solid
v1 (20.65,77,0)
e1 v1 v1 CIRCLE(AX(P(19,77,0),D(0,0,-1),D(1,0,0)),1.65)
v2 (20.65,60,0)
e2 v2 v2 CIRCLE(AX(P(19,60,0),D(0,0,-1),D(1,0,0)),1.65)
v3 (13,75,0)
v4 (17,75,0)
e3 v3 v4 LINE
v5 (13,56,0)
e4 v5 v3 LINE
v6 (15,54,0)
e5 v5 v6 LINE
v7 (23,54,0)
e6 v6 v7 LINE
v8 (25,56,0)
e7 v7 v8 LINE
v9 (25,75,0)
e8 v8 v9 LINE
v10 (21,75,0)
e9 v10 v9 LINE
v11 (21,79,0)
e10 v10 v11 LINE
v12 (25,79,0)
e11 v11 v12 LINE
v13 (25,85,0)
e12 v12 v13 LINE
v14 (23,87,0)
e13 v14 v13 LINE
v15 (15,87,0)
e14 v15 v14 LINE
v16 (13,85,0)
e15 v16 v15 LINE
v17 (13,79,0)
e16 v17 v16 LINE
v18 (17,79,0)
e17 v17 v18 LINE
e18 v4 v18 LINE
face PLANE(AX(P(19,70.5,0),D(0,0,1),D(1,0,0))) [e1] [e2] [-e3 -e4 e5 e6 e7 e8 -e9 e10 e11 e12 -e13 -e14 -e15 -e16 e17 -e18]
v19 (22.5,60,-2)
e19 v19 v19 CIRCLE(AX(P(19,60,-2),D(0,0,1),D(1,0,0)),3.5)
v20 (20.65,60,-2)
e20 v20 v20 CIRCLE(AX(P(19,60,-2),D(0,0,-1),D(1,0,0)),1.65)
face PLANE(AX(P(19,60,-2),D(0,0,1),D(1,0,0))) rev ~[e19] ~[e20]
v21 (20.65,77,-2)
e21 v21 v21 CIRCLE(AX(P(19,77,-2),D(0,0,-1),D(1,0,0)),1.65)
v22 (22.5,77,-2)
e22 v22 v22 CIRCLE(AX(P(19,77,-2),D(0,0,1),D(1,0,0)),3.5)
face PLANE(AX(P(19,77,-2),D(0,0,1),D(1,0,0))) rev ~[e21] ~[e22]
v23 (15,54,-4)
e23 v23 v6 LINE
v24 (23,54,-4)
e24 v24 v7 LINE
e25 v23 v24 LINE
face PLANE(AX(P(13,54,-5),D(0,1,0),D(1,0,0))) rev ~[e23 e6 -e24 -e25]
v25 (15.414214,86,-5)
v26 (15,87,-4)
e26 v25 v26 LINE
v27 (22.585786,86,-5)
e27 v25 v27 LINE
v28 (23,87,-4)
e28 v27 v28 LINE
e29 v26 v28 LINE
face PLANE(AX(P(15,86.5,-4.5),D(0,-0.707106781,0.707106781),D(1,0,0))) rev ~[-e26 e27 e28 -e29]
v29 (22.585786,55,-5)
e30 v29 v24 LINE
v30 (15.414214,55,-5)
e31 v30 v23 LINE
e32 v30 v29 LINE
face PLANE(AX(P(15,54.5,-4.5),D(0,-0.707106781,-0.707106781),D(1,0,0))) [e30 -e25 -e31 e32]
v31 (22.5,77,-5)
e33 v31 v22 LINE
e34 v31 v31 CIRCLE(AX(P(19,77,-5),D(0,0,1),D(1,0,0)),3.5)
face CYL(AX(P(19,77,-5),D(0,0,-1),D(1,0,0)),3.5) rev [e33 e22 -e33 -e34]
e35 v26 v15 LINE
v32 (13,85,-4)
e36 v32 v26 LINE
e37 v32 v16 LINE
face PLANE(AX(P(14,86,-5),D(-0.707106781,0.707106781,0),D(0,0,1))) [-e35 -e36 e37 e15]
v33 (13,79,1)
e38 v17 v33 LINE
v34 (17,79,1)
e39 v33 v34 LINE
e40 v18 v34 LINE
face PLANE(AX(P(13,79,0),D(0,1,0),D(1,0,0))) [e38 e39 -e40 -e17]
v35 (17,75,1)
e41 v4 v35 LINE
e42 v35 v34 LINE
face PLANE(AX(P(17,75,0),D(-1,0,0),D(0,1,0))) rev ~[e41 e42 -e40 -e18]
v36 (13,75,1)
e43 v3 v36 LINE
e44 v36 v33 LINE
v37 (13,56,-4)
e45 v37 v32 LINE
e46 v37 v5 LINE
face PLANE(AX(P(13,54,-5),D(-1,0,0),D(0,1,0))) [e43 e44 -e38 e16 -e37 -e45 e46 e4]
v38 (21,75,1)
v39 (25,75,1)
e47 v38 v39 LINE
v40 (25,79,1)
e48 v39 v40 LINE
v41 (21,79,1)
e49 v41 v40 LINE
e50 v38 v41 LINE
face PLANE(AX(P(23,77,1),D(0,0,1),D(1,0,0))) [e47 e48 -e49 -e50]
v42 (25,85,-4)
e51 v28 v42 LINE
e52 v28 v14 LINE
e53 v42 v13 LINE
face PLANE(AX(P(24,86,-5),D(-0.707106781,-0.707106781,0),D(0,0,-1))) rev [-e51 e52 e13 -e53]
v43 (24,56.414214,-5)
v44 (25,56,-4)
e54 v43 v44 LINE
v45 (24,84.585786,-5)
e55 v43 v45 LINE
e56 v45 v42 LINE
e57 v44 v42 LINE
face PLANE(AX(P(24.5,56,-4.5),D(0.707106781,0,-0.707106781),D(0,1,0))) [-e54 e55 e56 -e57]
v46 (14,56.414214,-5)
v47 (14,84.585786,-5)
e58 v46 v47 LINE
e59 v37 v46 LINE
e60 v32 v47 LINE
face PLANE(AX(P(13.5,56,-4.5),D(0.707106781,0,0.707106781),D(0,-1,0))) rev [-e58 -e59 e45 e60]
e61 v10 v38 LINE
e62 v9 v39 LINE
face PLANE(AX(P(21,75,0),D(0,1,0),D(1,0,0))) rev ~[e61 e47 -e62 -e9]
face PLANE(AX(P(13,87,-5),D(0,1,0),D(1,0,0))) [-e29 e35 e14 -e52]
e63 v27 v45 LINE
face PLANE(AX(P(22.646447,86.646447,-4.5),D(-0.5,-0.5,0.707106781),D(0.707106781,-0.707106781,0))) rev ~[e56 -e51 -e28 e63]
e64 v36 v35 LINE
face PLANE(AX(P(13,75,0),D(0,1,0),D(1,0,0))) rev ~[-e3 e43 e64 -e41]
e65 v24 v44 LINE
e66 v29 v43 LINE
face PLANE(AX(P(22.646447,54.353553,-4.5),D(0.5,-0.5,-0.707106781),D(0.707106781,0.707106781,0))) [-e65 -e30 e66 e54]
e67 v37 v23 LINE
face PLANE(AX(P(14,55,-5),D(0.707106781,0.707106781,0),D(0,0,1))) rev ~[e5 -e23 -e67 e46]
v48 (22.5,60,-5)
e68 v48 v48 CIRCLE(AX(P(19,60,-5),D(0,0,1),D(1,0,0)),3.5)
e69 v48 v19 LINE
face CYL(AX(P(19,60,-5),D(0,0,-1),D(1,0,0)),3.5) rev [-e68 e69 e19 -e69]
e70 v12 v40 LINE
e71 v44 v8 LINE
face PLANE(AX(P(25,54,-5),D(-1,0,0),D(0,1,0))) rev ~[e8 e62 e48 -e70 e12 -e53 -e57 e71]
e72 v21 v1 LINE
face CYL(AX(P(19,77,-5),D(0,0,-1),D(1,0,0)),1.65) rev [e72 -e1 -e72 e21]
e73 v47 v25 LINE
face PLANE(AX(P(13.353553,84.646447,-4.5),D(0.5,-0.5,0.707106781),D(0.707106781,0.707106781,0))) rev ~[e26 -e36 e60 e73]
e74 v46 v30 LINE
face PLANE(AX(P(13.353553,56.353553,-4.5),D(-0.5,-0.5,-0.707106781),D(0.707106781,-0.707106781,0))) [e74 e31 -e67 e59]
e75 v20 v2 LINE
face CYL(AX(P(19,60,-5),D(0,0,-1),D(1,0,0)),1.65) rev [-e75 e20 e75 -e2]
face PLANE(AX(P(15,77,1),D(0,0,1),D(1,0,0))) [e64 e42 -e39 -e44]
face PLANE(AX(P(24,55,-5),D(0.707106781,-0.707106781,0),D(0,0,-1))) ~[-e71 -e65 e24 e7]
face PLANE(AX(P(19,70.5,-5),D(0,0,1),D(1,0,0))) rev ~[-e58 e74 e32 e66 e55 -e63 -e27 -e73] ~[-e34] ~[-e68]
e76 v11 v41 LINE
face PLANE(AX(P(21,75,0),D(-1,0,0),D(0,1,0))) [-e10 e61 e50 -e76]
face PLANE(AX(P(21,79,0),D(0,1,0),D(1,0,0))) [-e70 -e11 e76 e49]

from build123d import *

# Parameters (mm, degrees)
BOX021_W           = 4
BOX021_H           = 4
BOX021_DEPTH       = 1
CYLINDER027_R      = 3.5
CYLINDER027_DEPTH  = 3
CYLINDER028_R      = 3.5
CYLINDER028_DEPTH  = 3
CYLINDER024_R      = 1.65
CYLINDER024_DEPTH  = 10
CYLINDER026_R      = 1.65
CYLINDER026_DEPTH  = 10
BOX020_W           = 12
BOX020_H           = 33
BOX020_DEPTH       = 5
CHAMFER006009_SIZE = 2
CHAMFER006010_SIZE = 1
BOX022_W           = 4
BOX022_H           = 4
BOX022_DEPTH       = 1


with BuildPart() as cube021:
    # Box021 → Box021 (new body)
    with BuildSketch(Plane(origin=(13, 75, 0), x_dir=(1, 0, 0), z_dir=(0, 0, 1))):
        with Locations((2, 2)):
            Rectangle(BOX021_W, BOX021_H)
    extrude(amount=BOX021_DEPTH)


with BuildPart() as cylinder027:
    # Cylinder027 → Cylinder027 (new body)
    with BuildSketch(Plane(origin=(19, 77, -5), x_dir=(1, 0, 0), z_dir=(0, 0, 1))):
        Circle(CYLINDER027_R)
    extrude(amount=CYLINDER027_DEPTH)


with BuildPart() as fusion023:
    # Cylinder028 → Cylinder028 (new body)
    with BuildSketch(Plane(origin=(19, 60, -5), x_dir=(1, 0, 0), z_dir=(0, 0, 1))):
        Circle(CYLINDER028_R)
    extrude(amount=CYLINDER028_DEPTH)

    # Fusion023: union Cylinder027
    add(cylinder027.part)


with BuildPart() as cylinder024:
    # Cylinder024 → Cylinder024 (new body)
    with BuildSketch(Plane(origin=(19, 60, -5), x_dir=(1, 0, 0), z_dir=(0, 0, 1))):
        Circle(CYLINDER024_R)
    extrude(amount=CYLINDER024_DEPTH)


with BuildPart() as fusion022:
    # Cylinder026 → Cylinder026 (new body)
    with BuildSketch(Plane(origin=(19, 77, -5), x_dir=(1, 0, 0), z_dir=(0, 0, 1))):
        Circle(CYLINDER026_R)
    extrude(amount=CYLINDER026_DEPTH)

    # Fusion022: union Cylinder024
    add(cylinder024.part)


with BuildPart() as chamfer006010:
    # Box020 → Box020 (new body)
    with BuildSketch(Plane(origin=(13, 54, -5), x_dir=(1, 0, 0), z_dir=(0, 0, 1))):
        with Locations((6, 16.5)):
            Rectangle(BOX020_W, BOX020_H)
    extrude(amount=BOX020_DEPTH)

    # Cut003002006013012006025002: cut Fusion022
    add(fusion022.part, mode=Mode.SUBTRACT)

    # Cut003002006013012006025003: cut Fusion023
    add(fusion023.part, mode=Mode.SUBTRACT)

    # Chamfer006009
    chamfer006009_edges = [chamfer006010.edges().sort_by_distance(p)[0] for p in [
        (13, 54, -2.5),
        (13, 87, -2.5),
        (25, 54, -2.5),
        (25, 87, -2.5),
    ]]
    chamfer(chamfer006009_edges, length=CHAMFER006009_SIZE)

    # Chamfer006010
    chamfer006010_edges = [chamfer006010.edges().sort_by_distance(p)[0] for p in [
        (13, 70.5, -5),
        (14, 55, -5),
        (14, 86, -5),
        (19, 54, -5),
        (19, 87, -5),
        (24, 55, -5),
        (24, 86, -5),
        (25, 70.5, -5),
    ]]
    chamfer(chamfer006010_edges, length=CHAMFER006010_SIZE)


with BuildPart() as mounter_small:
    # Box022 → Box022 (new body)
    with BuildSketch(Plane(origin=(21, 75, 0), x_dir=(1, 0, 0), z_dir=(0, 0, 1))):
        with Locations((2, 2)):
            Rectangle(BOX022_W, BOX022_H)
    extrude(amount=BOX022_DEPTH)

    # Fusion024: union Cube021, Chamfer006010
    add(cube021.part)
    add(chamfer006010.part)


solid = mounter_small.part
